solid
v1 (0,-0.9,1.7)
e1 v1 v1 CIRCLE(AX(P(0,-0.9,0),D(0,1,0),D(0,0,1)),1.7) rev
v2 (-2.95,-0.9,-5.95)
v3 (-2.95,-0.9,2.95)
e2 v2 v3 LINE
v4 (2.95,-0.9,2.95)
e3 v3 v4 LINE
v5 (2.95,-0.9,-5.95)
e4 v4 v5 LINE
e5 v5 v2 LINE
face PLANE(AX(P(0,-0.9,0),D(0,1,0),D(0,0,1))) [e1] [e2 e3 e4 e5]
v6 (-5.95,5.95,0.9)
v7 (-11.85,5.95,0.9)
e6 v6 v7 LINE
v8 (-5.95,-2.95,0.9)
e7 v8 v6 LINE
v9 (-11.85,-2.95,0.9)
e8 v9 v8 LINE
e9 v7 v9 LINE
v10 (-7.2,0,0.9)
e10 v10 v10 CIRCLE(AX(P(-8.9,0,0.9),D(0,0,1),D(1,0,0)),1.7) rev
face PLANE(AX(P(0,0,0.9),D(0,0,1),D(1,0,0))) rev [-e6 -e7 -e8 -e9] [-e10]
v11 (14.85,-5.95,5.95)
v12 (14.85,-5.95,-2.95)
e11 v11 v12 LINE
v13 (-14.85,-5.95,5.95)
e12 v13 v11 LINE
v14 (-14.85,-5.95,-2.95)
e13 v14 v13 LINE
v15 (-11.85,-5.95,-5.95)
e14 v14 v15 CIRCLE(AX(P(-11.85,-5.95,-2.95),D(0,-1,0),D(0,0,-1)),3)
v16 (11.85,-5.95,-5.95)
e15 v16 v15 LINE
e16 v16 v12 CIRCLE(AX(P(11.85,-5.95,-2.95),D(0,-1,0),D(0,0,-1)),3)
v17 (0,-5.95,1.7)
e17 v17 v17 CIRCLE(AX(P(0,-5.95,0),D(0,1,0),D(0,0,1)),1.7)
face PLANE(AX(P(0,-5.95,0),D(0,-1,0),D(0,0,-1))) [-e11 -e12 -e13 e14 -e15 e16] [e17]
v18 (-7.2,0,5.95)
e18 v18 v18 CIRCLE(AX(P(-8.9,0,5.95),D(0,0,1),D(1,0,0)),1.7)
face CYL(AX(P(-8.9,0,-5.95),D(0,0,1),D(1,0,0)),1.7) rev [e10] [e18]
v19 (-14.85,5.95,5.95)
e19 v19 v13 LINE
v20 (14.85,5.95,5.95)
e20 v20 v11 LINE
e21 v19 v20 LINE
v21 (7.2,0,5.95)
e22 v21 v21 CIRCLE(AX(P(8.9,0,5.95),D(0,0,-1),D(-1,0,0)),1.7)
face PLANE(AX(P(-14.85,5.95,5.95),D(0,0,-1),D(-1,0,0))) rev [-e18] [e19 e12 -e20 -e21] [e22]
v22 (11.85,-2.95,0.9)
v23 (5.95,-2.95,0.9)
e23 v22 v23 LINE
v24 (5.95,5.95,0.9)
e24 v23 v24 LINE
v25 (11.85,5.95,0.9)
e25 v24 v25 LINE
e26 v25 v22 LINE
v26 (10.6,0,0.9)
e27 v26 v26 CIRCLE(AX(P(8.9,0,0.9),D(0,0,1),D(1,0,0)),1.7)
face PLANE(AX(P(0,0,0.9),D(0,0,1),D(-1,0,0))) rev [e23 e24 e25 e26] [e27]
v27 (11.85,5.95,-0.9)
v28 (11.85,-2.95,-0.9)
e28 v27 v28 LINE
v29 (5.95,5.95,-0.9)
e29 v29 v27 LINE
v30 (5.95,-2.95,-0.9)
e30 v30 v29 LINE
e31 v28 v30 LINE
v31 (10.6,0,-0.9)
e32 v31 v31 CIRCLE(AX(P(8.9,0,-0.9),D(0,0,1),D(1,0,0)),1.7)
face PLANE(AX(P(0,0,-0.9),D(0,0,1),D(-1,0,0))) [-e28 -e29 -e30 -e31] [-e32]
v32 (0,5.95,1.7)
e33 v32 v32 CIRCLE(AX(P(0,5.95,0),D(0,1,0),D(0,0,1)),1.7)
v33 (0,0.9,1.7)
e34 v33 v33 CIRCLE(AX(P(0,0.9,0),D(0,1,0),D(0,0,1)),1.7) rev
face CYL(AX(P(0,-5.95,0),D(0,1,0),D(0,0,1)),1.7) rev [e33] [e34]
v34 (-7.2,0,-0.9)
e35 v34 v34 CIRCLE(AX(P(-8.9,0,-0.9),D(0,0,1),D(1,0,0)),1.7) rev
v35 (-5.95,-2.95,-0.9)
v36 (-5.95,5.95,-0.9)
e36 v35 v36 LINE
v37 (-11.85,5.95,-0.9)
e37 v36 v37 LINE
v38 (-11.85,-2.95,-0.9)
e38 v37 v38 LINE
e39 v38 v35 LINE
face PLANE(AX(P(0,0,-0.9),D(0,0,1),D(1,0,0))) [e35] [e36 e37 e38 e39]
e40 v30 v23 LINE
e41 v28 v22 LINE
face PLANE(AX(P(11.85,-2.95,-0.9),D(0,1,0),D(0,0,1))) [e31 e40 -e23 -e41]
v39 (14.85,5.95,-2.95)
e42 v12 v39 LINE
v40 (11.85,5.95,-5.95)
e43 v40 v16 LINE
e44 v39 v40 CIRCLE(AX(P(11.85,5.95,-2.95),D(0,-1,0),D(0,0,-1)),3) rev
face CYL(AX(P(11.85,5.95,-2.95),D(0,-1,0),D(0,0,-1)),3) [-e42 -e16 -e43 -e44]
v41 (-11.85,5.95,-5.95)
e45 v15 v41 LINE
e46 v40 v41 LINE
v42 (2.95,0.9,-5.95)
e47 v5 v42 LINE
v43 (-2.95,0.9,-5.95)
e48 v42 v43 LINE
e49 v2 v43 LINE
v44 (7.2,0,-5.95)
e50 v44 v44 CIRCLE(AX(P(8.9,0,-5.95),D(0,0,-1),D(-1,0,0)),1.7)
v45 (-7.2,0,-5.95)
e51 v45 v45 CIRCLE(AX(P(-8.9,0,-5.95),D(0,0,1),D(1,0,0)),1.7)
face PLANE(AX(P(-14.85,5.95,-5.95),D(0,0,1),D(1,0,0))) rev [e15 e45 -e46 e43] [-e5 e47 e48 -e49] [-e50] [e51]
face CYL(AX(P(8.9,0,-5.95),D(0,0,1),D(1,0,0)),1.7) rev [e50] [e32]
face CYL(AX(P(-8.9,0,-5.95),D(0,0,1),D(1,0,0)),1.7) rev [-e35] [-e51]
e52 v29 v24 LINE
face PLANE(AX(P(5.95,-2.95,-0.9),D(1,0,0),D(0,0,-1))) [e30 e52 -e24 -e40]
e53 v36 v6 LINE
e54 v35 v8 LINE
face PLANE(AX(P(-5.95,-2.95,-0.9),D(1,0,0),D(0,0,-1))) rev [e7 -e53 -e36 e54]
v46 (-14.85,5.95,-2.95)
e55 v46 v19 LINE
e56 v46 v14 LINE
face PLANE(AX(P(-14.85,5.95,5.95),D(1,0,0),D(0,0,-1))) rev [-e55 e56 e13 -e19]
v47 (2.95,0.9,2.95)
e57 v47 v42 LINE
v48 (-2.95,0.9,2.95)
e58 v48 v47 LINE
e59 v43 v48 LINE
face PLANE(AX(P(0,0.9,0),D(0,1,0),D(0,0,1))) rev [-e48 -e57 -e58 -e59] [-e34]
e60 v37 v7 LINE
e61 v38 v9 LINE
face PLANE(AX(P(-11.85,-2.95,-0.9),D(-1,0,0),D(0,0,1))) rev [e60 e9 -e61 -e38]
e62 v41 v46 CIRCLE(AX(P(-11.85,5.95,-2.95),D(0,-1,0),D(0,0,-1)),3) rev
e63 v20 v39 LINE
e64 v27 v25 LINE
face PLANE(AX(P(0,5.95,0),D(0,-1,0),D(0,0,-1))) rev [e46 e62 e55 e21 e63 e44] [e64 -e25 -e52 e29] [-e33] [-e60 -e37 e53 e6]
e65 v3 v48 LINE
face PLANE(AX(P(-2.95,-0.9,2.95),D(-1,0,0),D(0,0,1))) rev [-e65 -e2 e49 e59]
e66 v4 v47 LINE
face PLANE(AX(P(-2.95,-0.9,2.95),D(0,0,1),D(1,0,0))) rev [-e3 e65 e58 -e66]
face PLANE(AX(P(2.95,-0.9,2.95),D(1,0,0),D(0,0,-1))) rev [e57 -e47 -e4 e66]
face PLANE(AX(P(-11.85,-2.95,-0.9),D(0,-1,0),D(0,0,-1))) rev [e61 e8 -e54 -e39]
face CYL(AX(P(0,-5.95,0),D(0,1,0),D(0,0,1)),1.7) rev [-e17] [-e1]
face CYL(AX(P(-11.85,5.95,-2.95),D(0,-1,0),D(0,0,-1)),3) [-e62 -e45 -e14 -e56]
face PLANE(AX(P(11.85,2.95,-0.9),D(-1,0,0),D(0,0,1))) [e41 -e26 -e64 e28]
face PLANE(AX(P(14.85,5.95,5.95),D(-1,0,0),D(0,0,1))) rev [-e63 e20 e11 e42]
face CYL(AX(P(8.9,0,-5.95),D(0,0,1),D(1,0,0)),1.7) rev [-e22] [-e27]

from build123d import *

# Parameters (mm, degrees)
SKETCH1_W           = 29.7
SKETCH1_H           = 11.9
BOSS_EXTRUDE1_DEPTH = 5.95
SKETCH2_R           = 1.7
CUT_EXTRUDE1_DEPTH  = 20.938279765
CUT_EXTRUDE2_DEPTH  = 0.9
SKETCH4_R           = 1.7
CUT_EXTRUDE3_DEPTH  = 20.938279765
CUT_EXTRUDE4_DEPTH  = 0.9
FILLET1_R           = 3


with BuildPart() as part:
    # Sketch1 → Boss-Extrude1 (new, symmetric)
    with BuildSketch(Plane(origin=(0, 0, 0), x_dir=(1, 0, 0), z_dir=(0, 1, 0))):
        Rectangle(SKETCH1_W, SKETCH1_H)
    extrude(amount=BOSS_EXTRUDE1_DEPTH, both=True)

    # Sketch2 → Cut-Extrude1 (cut, through all)
    with BuildSketch(Plane.XY.offset(5.95)):
        with Locations((-8.9, 0)):
            Circle(SKETCH2_R)
    cut_extrude1 = extrude(amount=-CUT_EXTRUDE1_DEPTH, mode=Mode.SUBTRACT)

    # Sketch3 → Cut-Extrude2 (cut, symmetric)
    with BuildSketch(Plane.XY):
        Polygon((-11.85, 2.95), (-11.85, 5.95), (-5.95, 5.95), (-5.95, 2.95), (-5.95, -2.95), (-11.85, -2.95), align=None)
    cut_extrude2 = extrude(amount=CUT_EXTRUDE2_DEPTH, both=True, mode=Mode.SUBTRACT)

    # Mirror1: Cut-Extrude1, Cut-Extrude2 across plane
    add(cut_extrude1.mirror(Plane(origin=(0, 0, 0), x_dir=(0, 0, 1), z_dir=(1, 0, 0))), mode=Mode.SUBTRACT)
    add(cut_extrude2.mirror(Plane(origin=(0, 0, 0), x_dir=(0, 0, 1), z_dir=(1, 0, 0))), mode=Mode.SUBTRACT)

    # Sketch4 → Cut-Extrude3 (cut, through all)
    with BuildSketch(Plane(origin=(0, 5.95, 0), x_dir=(1, 0, 0), z_dir=(0, 1, 0))):
        with Locations(Location((0, 0, 0), (0, 0, 270))):
            Circle(SKETCH4_R)
    extrude(amount=-CUT_EXTRUDE3_DEPTH, mode=Mode.SUBTRACT)

    # Sketch5 → Cut-Extrude4 (cut, symmetric)
    with BuildSketch(Plane(origin=(0, 0, 0), x_dir=(1, 0, 0), z_dir=(0, 1, 0))):
        Polygon((-2.95, 2.95), (-2.95, 5.95), (2.95, 5.95), (2.95, 2.95), (2.95, -2.95), (-2.95, -2.95), align=None)
    extrude(amount=CUT_EXTRUDE4_DEPTH, both=True, mode=Mode.SUBTRACT)

    # Fillet1
    fillet1_edges = [part.edges().sort_by_distance(p)[0] for p in [
        (-14.85, 0, -5.95),
        (14.85, 0, -5.95),
    ]]
    fillet(fillet1_edges, radius=FILLET1_R)


solid = part.part
